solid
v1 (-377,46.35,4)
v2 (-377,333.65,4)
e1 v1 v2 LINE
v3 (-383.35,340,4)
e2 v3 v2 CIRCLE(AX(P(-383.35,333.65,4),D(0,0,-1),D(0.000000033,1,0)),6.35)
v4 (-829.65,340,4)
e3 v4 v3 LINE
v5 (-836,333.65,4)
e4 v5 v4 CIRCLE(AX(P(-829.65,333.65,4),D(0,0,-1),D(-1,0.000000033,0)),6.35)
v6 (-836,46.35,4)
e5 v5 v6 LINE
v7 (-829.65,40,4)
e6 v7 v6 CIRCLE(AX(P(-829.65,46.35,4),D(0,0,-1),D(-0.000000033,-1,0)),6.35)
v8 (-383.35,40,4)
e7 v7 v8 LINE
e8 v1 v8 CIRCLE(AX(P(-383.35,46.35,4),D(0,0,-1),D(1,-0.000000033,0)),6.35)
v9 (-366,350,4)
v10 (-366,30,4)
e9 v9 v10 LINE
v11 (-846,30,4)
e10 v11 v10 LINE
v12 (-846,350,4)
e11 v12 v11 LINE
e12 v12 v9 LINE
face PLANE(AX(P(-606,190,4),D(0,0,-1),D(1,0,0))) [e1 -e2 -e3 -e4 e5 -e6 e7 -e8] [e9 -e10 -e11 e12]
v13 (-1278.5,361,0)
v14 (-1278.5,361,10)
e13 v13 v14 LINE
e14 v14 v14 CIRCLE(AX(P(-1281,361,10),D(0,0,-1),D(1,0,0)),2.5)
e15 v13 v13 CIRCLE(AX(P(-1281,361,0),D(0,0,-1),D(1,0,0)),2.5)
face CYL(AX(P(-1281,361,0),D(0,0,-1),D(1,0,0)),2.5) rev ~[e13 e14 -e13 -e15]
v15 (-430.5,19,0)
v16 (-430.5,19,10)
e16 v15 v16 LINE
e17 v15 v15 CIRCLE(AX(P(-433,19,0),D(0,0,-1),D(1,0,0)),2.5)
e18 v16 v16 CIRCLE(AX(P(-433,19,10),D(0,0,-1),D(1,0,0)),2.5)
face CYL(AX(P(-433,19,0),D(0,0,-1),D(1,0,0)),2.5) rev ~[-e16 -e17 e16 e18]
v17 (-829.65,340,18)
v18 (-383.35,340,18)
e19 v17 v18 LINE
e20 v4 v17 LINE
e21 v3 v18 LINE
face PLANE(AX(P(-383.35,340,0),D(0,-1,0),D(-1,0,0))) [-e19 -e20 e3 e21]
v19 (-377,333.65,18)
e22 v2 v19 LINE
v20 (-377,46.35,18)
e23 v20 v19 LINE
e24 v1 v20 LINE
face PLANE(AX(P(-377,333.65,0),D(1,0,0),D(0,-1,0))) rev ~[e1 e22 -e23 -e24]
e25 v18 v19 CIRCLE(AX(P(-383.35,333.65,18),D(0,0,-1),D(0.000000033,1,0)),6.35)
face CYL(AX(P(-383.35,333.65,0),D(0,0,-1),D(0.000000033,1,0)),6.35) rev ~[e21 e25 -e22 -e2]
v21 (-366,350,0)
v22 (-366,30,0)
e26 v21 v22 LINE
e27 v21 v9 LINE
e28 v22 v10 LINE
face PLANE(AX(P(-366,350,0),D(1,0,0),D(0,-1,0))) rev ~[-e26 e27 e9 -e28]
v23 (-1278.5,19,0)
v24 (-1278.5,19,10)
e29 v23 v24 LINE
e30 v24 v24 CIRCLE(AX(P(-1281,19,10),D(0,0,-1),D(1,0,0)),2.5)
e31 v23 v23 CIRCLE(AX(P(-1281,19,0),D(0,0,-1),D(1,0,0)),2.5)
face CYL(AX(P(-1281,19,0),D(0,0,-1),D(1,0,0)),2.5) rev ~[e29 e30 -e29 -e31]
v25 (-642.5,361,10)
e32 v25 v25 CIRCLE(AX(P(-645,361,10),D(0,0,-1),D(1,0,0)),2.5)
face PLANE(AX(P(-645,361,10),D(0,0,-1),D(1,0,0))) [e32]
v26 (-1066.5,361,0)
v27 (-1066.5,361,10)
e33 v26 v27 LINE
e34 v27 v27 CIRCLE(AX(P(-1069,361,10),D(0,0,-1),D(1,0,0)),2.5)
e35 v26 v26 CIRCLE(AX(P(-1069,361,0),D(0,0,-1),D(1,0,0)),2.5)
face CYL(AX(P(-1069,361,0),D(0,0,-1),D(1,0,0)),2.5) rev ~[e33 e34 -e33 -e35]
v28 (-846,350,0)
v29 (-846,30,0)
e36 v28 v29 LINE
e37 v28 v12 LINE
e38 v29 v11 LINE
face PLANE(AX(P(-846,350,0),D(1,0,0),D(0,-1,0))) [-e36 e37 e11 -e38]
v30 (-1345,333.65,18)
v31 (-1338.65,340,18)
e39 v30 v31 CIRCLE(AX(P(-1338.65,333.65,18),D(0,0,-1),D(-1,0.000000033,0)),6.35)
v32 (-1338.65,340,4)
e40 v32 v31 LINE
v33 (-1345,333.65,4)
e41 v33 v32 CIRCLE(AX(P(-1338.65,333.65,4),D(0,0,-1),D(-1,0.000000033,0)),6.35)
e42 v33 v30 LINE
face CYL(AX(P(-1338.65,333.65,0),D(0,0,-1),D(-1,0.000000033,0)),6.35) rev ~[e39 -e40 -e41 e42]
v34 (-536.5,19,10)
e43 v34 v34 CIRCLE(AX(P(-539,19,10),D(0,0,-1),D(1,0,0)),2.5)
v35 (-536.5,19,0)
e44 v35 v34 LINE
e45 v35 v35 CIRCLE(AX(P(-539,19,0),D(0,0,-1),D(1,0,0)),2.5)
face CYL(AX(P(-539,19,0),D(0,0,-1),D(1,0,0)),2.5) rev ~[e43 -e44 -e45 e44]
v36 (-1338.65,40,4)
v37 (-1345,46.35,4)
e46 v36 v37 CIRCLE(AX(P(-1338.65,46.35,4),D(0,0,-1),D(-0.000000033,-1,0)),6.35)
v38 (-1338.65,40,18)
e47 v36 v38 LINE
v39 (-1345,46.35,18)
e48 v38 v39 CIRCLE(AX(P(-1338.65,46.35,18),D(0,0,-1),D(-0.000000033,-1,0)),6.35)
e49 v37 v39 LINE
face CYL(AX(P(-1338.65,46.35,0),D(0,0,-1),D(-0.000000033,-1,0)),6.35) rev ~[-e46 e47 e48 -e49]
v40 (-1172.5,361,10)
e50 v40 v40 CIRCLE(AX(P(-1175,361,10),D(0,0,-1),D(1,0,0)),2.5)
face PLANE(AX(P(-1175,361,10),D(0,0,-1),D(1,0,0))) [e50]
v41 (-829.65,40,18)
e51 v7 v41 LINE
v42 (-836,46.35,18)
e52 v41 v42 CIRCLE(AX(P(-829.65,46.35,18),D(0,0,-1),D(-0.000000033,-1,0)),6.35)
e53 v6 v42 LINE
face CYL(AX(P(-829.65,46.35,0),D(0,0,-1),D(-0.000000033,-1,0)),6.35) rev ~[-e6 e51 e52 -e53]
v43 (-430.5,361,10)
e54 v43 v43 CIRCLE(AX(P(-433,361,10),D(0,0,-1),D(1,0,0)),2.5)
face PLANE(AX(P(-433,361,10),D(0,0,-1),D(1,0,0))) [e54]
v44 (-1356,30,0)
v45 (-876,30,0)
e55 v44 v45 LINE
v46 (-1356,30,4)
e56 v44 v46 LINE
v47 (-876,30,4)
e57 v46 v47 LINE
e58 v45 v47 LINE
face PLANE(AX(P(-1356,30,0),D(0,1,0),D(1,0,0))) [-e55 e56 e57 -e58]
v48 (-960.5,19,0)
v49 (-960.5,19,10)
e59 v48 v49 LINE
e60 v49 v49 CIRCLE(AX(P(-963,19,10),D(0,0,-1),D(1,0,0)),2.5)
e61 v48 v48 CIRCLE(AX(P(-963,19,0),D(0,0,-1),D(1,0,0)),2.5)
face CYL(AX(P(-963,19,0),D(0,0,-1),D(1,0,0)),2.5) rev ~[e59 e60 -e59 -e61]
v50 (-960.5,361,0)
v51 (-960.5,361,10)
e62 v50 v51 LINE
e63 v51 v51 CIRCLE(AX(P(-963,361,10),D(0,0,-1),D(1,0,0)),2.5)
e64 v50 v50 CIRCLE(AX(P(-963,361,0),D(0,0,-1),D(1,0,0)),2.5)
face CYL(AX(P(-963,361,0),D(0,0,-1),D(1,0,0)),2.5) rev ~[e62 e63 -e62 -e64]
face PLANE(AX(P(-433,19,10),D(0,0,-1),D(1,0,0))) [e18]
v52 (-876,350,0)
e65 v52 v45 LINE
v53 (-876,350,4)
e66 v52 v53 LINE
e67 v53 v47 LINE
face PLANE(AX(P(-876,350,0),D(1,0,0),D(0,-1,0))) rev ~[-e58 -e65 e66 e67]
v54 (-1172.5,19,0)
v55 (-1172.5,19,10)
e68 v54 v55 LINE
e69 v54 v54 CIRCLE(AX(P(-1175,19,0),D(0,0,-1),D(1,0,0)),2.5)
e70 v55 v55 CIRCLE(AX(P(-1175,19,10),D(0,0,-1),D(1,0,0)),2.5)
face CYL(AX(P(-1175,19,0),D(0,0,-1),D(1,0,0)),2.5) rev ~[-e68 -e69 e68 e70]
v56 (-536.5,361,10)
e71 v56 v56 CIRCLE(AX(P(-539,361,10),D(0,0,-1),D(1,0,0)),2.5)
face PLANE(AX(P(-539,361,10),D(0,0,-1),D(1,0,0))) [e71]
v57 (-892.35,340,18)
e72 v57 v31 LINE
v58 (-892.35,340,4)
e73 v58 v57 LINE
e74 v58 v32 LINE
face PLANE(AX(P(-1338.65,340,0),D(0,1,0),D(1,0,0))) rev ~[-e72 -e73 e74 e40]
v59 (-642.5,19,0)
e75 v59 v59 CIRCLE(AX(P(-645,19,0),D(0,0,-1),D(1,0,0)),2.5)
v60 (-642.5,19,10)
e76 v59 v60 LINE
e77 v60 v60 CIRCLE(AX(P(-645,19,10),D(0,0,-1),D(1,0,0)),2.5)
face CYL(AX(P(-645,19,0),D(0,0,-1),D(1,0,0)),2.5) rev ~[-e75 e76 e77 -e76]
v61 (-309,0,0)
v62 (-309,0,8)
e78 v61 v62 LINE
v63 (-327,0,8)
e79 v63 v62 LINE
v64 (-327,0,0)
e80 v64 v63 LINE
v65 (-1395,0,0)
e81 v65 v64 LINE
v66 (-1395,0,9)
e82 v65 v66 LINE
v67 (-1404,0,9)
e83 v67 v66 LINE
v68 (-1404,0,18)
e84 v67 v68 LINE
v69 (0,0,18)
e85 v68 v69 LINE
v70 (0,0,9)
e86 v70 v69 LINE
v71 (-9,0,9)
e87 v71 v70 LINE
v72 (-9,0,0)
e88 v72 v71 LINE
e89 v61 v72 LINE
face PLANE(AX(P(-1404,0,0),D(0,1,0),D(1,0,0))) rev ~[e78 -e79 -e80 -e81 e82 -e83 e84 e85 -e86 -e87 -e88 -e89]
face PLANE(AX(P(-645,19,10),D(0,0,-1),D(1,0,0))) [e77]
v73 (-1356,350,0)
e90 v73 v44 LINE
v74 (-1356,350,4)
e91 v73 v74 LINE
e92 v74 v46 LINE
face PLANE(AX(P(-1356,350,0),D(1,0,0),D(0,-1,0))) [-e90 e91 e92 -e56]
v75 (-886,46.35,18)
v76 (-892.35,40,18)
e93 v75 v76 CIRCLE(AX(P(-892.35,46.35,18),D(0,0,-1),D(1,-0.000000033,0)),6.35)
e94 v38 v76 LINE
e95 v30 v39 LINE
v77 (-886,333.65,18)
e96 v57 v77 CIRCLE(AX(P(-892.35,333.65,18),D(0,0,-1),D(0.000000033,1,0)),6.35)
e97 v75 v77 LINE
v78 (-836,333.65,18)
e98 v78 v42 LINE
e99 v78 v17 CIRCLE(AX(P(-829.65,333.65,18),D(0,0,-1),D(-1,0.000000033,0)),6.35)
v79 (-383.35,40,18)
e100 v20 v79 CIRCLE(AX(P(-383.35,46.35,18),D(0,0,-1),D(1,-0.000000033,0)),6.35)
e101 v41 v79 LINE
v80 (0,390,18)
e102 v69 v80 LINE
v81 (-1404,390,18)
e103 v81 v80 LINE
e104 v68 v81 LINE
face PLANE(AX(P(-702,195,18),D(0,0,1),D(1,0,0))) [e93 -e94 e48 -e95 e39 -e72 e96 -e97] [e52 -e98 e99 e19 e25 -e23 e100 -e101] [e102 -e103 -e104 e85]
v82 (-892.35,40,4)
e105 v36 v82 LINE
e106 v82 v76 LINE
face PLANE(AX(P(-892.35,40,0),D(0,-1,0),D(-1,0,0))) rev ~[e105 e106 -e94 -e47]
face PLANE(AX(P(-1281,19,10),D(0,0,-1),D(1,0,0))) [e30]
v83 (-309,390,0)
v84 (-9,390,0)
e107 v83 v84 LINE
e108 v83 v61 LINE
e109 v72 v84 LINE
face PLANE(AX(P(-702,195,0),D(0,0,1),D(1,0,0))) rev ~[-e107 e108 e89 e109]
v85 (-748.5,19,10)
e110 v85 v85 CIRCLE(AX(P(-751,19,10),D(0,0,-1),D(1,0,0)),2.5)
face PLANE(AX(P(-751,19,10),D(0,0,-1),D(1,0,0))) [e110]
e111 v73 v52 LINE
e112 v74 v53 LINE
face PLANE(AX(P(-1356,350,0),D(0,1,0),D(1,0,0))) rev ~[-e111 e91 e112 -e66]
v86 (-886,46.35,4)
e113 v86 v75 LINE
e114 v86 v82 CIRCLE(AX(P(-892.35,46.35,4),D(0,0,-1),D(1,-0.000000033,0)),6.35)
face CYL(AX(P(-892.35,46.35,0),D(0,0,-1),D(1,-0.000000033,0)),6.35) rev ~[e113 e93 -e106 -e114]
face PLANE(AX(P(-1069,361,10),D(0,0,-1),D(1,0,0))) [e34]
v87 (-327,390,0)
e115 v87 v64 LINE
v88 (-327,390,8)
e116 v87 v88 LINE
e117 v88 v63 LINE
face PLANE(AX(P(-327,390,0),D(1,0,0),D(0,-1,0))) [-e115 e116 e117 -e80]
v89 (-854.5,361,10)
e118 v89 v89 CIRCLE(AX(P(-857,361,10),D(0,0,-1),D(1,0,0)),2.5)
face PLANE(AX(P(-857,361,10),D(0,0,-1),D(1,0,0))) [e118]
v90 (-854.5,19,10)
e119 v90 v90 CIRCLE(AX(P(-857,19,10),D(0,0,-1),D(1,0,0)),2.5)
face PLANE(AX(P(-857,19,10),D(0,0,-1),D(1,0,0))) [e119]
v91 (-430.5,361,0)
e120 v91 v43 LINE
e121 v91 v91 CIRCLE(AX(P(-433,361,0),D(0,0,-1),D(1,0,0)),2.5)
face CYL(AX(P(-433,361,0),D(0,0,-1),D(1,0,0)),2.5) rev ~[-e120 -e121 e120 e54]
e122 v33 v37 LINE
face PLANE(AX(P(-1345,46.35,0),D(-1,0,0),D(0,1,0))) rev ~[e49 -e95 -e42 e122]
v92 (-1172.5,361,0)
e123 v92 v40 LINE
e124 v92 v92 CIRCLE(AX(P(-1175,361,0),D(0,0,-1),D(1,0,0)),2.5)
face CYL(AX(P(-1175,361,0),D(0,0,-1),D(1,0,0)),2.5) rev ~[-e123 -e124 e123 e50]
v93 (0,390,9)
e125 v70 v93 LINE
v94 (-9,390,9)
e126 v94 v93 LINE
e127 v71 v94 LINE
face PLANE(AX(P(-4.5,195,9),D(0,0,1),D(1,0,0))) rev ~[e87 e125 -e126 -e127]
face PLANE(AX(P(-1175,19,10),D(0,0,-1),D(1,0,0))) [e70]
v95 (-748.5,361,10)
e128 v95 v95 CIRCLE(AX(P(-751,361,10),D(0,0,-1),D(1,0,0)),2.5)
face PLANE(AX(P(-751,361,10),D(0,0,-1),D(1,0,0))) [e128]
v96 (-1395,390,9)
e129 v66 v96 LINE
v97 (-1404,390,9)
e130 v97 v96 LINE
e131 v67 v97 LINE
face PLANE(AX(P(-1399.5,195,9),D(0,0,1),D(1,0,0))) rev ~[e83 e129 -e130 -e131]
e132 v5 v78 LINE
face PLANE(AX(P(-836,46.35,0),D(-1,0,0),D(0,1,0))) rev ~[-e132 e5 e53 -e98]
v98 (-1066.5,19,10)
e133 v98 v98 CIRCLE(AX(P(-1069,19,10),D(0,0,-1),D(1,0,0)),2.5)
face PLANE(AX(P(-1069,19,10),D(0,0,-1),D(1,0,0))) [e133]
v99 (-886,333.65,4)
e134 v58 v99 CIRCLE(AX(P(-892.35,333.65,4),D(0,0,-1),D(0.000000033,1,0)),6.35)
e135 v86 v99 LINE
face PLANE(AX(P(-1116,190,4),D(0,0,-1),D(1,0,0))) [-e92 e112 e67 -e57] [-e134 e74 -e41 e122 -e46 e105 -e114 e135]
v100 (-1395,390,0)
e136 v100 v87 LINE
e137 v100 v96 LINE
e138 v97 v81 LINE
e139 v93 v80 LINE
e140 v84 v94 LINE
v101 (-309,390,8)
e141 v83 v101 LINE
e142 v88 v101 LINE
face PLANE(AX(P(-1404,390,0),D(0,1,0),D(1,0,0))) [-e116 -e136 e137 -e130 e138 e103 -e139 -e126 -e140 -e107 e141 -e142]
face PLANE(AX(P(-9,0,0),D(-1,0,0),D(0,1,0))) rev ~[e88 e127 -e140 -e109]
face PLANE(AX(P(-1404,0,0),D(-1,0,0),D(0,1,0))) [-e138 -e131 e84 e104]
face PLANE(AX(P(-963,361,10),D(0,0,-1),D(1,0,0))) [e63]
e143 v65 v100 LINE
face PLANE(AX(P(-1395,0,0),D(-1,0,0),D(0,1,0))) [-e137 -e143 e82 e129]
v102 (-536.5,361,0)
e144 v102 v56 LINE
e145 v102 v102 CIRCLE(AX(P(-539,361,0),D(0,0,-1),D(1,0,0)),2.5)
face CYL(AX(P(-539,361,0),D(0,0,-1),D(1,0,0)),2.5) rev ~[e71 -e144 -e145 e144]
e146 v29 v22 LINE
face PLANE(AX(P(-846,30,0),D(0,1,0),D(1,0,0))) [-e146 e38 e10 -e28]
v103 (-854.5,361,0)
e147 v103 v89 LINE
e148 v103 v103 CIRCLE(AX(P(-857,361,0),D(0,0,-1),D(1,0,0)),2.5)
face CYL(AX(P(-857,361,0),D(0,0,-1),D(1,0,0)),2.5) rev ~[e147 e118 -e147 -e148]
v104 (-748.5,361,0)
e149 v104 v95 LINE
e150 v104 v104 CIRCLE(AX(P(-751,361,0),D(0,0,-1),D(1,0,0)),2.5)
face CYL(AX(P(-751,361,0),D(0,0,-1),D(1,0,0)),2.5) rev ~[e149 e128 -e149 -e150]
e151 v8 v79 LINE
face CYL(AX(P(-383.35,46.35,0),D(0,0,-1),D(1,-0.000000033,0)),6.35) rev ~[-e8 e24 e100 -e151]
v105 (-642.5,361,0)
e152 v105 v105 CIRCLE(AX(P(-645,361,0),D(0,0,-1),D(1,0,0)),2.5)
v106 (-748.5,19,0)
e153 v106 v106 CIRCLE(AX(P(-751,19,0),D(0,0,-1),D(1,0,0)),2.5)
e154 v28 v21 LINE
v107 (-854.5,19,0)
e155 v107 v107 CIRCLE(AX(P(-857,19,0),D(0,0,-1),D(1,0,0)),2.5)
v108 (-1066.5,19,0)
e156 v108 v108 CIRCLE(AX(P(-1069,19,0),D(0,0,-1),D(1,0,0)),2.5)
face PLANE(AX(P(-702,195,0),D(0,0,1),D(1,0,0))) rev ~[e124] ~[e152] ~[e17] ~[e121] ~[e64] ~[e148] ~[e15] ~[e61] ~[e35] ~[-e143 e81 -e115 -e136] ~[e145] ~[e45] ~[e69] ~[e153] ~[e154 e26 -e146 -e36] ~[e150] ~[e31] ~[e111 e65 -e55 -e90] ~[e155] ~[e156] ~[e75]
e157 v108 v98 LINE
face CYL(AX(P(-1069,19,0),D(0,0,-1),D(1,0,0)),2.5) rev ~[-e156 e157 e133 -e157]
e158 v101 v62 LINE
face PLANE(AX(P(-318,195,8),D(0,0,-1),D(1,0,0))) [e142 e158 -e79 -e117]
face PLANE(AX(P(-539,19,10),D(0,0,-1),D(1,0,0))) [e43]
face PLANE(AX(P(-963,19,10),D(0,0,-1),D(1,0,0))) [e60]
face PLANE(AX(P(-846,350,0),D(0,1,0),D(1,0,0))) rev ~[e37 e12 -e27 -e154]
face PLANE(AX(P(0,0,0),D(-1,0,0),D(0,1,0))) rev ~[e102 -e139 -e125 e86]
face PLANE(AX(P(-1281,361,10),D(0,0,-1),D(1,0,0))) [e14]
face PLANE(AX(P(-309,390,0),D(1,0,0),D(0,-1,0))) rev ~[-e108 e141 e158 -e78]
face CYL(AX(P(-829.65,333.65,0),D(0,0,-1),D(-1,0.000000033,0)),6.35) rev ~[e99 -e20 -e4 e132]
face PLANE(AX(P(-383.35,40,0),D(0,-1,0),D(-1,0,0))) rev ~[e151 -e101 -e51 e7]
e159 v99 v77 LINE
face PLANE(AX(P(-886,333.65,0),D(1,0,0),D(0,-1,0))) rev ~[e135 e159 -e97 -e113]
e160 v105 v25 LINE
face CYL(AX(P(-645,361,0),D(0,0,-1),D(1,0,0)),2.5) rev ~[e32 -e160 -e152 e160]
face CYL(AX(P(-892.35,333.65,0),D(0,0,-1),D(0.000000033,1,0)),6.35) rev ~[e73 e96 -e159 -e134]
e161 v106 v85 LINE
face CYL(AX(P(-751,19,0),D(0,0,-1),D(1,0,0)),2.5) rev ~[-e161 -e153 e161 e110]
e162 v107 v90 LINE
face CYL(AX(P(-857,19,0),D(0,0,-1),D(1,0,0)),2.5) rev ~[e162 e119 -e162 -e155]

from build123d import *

# Parameters (mm, degrees)
SKETCH_W        = 1404
SKETCH_H        = 390
PAD_DEPTH       = 18
SKETCH001_W     = 9
SKETCH001_H     = 390
POCKET_DEPTH    = 9
SKETCH002_W     = 18
SKETCH002_H     = 390
POCKET001_DEPTH = 8
POCKET003_DEPTH = 18.001
SKETCH005_W     = 480
SKETCH005_H     = 320
POCKET004_DEPTH = 4
SKETCH006_R     = 2.5
POCKET005_DEPTH = 10


with BuildPart() as part:
    # Sketch → Pad (new body)
    with BuildSketch(Plane.XY):
        with Locations((-702, 195)):
            Rectangle(SKETCH_W, SKETCH_H)
    extrude(amount=PAD_DEPTH)

    # Sketch001 → Pocket (cut)
    with BuildSketch(Plane.XY):
        with Locations((-4.5, 195)):
            Rectangle(SKETCH001_W, SKETCH001_H)
        with Locations((-1399.5, 195)):
            Rectangle(SKETCH001_W, SKETCH001_H)
    extrude(amount=POCKET_DEPTH, mode=Mode.SUBTRACT)

    # Sketch002 (on Face4 of Pocket) → Pocket001 (cut)
    with BuildSketch(Plane(origin=(0, 0, 0), x_dir=(1, 0, 0), z_dir=(0, 0, -1))):
        with Locations((-318, -195)):
            Rectangle(SKETCH002_W, SKETCH002_H)
    extrude(amount=-POCKET001_DEPTH, mode=Mode.SUBTRACT)

    # Sketch004 → Pocket003 (cut, through all)
    with BuildSketch(Plane(origin=(0, 0, 0), x_dir=(1, 0, 0), z_dir=(0, 0, -1))):
        with BuildLine():
            Line((-383.35, -340), (-829.65, -340))
            ThreePointArc((-836, -333.65), (-834.140128, -338.140128), (-829.65, -340))
            Line((-836, -46.35), (-836, -333.65))
            ThreePointArc((-829.65, -40), (-834.140128, -41.859872), (-836, -46.35))
            Line((-383.35, -40), (-829.65, -40))
            ThreePointArc((-377, -46.35), (-378.859872, -41.859872), (-383.35, -40))
            Line((-377, -333.65), (-377, -46.35))
            ThreePointArc((-383.35, -340), (-378.859872, -338.140128), (-377, -333.65))
        make_face()
        with BuildLine():
            Line((-1345, -46.35), (-1345, -333.65))
            ThreePointArc((-1345, -333.65), (-1343.140128, -338.140128), (-1338.65, -340))
            Line((-1338.65, -340), (-892.35, -340))
            ThreePointArc((-892.35, -340), (-887.859872, -338.140128), (-886, -333.65))
            Line((-886, -333.65), (-886, -46.35))
            ThreePointArc((-886, -46.35), (-887.859872, -41.859872), (-892.35, -40))
            Line((-892.35, -40), (-1338.65, -40))
            ThreePointArc((-1338.65, -40), (-1343.140128, -41.859872), (-1345, -46.35))
        make_face()
    extrude(amount=-POCKET003_DEPTH, mode=Mode.SUBTRACT)

    # Sketch005 (on Face4 of Pocket003) → Pocket004 (cut)
    with BuildSketch(Plane(origin=(0, 0, 0), x_dir=(1, 0, 0), z_dir=(0, 0, -1))):
        with Locations((-606, -190)):
            Rectangle(SKETCH005_W, SKETCH005_H)
        with Locations((-1116, -190)):
            Rectangle(SKETCH005_W, SKETCH005_H)
    extrude(amount=-POCKET004_DEPTH, mode=Mode.SUBTRACT)

    # Sketch006 (on Face4 of Pocket004) → Pocket005 (cut)
    with BuildSketch(Plane(origin=(0, 0, 0), x_dir=(1, 0, 0), z_dir=(0, 0, -1))):
        with Locations((-433, -19)):
            Circle(SKETCH006_R)
        with Locations((-539, -19)):
            Circle(SKETCH006_R)
        with Locations((-645, -19)):
            Circle(SKETCH006_R)
        with Locations((-751, -19)):
            Circle(SKETCH006_R)
        with Locations((-857, -19)):
            Circle(SKETCH006_R)
        with Locations((-963, -19)):
            Circle(SKETCH006_R)
        with Locations((-1069, -19)):
            Circle(SKETCH006_R)
        with Locations((-1175, -19)):
            Circle(SKETCH006_R)
        with Locations((-1281, -19)):
            Circle(SKETCH006_R)
        with Locations((-433, -361)):
            Circle(SKETCH006_R)
        with Locations((-539, -361)):
            Circle(SKETCH006_R)
        with Locations((-645, -361)):
            Circle(SKETCH006_R)
        with Locations((-751, -361)):
            Circle(SKETCH006_R)
        with Locations((-857, -361)):
            Circle(SKETCH006_R)
        with Locations((-963, -361)):
            Circle(SKETCH006_R)
        with Locations((-1069, -361)):
            Circle(SKETCH006_R)
        with Locations((-1175, -361)):
            Circle(SKETCH006_R)
        with Locations((-1281, -361)):
            Circle(SKETCH006_R)
    extrude(amount=-POCKET005_DEPTH, mode=Mode.SUBTRACT)


solid = part.part
